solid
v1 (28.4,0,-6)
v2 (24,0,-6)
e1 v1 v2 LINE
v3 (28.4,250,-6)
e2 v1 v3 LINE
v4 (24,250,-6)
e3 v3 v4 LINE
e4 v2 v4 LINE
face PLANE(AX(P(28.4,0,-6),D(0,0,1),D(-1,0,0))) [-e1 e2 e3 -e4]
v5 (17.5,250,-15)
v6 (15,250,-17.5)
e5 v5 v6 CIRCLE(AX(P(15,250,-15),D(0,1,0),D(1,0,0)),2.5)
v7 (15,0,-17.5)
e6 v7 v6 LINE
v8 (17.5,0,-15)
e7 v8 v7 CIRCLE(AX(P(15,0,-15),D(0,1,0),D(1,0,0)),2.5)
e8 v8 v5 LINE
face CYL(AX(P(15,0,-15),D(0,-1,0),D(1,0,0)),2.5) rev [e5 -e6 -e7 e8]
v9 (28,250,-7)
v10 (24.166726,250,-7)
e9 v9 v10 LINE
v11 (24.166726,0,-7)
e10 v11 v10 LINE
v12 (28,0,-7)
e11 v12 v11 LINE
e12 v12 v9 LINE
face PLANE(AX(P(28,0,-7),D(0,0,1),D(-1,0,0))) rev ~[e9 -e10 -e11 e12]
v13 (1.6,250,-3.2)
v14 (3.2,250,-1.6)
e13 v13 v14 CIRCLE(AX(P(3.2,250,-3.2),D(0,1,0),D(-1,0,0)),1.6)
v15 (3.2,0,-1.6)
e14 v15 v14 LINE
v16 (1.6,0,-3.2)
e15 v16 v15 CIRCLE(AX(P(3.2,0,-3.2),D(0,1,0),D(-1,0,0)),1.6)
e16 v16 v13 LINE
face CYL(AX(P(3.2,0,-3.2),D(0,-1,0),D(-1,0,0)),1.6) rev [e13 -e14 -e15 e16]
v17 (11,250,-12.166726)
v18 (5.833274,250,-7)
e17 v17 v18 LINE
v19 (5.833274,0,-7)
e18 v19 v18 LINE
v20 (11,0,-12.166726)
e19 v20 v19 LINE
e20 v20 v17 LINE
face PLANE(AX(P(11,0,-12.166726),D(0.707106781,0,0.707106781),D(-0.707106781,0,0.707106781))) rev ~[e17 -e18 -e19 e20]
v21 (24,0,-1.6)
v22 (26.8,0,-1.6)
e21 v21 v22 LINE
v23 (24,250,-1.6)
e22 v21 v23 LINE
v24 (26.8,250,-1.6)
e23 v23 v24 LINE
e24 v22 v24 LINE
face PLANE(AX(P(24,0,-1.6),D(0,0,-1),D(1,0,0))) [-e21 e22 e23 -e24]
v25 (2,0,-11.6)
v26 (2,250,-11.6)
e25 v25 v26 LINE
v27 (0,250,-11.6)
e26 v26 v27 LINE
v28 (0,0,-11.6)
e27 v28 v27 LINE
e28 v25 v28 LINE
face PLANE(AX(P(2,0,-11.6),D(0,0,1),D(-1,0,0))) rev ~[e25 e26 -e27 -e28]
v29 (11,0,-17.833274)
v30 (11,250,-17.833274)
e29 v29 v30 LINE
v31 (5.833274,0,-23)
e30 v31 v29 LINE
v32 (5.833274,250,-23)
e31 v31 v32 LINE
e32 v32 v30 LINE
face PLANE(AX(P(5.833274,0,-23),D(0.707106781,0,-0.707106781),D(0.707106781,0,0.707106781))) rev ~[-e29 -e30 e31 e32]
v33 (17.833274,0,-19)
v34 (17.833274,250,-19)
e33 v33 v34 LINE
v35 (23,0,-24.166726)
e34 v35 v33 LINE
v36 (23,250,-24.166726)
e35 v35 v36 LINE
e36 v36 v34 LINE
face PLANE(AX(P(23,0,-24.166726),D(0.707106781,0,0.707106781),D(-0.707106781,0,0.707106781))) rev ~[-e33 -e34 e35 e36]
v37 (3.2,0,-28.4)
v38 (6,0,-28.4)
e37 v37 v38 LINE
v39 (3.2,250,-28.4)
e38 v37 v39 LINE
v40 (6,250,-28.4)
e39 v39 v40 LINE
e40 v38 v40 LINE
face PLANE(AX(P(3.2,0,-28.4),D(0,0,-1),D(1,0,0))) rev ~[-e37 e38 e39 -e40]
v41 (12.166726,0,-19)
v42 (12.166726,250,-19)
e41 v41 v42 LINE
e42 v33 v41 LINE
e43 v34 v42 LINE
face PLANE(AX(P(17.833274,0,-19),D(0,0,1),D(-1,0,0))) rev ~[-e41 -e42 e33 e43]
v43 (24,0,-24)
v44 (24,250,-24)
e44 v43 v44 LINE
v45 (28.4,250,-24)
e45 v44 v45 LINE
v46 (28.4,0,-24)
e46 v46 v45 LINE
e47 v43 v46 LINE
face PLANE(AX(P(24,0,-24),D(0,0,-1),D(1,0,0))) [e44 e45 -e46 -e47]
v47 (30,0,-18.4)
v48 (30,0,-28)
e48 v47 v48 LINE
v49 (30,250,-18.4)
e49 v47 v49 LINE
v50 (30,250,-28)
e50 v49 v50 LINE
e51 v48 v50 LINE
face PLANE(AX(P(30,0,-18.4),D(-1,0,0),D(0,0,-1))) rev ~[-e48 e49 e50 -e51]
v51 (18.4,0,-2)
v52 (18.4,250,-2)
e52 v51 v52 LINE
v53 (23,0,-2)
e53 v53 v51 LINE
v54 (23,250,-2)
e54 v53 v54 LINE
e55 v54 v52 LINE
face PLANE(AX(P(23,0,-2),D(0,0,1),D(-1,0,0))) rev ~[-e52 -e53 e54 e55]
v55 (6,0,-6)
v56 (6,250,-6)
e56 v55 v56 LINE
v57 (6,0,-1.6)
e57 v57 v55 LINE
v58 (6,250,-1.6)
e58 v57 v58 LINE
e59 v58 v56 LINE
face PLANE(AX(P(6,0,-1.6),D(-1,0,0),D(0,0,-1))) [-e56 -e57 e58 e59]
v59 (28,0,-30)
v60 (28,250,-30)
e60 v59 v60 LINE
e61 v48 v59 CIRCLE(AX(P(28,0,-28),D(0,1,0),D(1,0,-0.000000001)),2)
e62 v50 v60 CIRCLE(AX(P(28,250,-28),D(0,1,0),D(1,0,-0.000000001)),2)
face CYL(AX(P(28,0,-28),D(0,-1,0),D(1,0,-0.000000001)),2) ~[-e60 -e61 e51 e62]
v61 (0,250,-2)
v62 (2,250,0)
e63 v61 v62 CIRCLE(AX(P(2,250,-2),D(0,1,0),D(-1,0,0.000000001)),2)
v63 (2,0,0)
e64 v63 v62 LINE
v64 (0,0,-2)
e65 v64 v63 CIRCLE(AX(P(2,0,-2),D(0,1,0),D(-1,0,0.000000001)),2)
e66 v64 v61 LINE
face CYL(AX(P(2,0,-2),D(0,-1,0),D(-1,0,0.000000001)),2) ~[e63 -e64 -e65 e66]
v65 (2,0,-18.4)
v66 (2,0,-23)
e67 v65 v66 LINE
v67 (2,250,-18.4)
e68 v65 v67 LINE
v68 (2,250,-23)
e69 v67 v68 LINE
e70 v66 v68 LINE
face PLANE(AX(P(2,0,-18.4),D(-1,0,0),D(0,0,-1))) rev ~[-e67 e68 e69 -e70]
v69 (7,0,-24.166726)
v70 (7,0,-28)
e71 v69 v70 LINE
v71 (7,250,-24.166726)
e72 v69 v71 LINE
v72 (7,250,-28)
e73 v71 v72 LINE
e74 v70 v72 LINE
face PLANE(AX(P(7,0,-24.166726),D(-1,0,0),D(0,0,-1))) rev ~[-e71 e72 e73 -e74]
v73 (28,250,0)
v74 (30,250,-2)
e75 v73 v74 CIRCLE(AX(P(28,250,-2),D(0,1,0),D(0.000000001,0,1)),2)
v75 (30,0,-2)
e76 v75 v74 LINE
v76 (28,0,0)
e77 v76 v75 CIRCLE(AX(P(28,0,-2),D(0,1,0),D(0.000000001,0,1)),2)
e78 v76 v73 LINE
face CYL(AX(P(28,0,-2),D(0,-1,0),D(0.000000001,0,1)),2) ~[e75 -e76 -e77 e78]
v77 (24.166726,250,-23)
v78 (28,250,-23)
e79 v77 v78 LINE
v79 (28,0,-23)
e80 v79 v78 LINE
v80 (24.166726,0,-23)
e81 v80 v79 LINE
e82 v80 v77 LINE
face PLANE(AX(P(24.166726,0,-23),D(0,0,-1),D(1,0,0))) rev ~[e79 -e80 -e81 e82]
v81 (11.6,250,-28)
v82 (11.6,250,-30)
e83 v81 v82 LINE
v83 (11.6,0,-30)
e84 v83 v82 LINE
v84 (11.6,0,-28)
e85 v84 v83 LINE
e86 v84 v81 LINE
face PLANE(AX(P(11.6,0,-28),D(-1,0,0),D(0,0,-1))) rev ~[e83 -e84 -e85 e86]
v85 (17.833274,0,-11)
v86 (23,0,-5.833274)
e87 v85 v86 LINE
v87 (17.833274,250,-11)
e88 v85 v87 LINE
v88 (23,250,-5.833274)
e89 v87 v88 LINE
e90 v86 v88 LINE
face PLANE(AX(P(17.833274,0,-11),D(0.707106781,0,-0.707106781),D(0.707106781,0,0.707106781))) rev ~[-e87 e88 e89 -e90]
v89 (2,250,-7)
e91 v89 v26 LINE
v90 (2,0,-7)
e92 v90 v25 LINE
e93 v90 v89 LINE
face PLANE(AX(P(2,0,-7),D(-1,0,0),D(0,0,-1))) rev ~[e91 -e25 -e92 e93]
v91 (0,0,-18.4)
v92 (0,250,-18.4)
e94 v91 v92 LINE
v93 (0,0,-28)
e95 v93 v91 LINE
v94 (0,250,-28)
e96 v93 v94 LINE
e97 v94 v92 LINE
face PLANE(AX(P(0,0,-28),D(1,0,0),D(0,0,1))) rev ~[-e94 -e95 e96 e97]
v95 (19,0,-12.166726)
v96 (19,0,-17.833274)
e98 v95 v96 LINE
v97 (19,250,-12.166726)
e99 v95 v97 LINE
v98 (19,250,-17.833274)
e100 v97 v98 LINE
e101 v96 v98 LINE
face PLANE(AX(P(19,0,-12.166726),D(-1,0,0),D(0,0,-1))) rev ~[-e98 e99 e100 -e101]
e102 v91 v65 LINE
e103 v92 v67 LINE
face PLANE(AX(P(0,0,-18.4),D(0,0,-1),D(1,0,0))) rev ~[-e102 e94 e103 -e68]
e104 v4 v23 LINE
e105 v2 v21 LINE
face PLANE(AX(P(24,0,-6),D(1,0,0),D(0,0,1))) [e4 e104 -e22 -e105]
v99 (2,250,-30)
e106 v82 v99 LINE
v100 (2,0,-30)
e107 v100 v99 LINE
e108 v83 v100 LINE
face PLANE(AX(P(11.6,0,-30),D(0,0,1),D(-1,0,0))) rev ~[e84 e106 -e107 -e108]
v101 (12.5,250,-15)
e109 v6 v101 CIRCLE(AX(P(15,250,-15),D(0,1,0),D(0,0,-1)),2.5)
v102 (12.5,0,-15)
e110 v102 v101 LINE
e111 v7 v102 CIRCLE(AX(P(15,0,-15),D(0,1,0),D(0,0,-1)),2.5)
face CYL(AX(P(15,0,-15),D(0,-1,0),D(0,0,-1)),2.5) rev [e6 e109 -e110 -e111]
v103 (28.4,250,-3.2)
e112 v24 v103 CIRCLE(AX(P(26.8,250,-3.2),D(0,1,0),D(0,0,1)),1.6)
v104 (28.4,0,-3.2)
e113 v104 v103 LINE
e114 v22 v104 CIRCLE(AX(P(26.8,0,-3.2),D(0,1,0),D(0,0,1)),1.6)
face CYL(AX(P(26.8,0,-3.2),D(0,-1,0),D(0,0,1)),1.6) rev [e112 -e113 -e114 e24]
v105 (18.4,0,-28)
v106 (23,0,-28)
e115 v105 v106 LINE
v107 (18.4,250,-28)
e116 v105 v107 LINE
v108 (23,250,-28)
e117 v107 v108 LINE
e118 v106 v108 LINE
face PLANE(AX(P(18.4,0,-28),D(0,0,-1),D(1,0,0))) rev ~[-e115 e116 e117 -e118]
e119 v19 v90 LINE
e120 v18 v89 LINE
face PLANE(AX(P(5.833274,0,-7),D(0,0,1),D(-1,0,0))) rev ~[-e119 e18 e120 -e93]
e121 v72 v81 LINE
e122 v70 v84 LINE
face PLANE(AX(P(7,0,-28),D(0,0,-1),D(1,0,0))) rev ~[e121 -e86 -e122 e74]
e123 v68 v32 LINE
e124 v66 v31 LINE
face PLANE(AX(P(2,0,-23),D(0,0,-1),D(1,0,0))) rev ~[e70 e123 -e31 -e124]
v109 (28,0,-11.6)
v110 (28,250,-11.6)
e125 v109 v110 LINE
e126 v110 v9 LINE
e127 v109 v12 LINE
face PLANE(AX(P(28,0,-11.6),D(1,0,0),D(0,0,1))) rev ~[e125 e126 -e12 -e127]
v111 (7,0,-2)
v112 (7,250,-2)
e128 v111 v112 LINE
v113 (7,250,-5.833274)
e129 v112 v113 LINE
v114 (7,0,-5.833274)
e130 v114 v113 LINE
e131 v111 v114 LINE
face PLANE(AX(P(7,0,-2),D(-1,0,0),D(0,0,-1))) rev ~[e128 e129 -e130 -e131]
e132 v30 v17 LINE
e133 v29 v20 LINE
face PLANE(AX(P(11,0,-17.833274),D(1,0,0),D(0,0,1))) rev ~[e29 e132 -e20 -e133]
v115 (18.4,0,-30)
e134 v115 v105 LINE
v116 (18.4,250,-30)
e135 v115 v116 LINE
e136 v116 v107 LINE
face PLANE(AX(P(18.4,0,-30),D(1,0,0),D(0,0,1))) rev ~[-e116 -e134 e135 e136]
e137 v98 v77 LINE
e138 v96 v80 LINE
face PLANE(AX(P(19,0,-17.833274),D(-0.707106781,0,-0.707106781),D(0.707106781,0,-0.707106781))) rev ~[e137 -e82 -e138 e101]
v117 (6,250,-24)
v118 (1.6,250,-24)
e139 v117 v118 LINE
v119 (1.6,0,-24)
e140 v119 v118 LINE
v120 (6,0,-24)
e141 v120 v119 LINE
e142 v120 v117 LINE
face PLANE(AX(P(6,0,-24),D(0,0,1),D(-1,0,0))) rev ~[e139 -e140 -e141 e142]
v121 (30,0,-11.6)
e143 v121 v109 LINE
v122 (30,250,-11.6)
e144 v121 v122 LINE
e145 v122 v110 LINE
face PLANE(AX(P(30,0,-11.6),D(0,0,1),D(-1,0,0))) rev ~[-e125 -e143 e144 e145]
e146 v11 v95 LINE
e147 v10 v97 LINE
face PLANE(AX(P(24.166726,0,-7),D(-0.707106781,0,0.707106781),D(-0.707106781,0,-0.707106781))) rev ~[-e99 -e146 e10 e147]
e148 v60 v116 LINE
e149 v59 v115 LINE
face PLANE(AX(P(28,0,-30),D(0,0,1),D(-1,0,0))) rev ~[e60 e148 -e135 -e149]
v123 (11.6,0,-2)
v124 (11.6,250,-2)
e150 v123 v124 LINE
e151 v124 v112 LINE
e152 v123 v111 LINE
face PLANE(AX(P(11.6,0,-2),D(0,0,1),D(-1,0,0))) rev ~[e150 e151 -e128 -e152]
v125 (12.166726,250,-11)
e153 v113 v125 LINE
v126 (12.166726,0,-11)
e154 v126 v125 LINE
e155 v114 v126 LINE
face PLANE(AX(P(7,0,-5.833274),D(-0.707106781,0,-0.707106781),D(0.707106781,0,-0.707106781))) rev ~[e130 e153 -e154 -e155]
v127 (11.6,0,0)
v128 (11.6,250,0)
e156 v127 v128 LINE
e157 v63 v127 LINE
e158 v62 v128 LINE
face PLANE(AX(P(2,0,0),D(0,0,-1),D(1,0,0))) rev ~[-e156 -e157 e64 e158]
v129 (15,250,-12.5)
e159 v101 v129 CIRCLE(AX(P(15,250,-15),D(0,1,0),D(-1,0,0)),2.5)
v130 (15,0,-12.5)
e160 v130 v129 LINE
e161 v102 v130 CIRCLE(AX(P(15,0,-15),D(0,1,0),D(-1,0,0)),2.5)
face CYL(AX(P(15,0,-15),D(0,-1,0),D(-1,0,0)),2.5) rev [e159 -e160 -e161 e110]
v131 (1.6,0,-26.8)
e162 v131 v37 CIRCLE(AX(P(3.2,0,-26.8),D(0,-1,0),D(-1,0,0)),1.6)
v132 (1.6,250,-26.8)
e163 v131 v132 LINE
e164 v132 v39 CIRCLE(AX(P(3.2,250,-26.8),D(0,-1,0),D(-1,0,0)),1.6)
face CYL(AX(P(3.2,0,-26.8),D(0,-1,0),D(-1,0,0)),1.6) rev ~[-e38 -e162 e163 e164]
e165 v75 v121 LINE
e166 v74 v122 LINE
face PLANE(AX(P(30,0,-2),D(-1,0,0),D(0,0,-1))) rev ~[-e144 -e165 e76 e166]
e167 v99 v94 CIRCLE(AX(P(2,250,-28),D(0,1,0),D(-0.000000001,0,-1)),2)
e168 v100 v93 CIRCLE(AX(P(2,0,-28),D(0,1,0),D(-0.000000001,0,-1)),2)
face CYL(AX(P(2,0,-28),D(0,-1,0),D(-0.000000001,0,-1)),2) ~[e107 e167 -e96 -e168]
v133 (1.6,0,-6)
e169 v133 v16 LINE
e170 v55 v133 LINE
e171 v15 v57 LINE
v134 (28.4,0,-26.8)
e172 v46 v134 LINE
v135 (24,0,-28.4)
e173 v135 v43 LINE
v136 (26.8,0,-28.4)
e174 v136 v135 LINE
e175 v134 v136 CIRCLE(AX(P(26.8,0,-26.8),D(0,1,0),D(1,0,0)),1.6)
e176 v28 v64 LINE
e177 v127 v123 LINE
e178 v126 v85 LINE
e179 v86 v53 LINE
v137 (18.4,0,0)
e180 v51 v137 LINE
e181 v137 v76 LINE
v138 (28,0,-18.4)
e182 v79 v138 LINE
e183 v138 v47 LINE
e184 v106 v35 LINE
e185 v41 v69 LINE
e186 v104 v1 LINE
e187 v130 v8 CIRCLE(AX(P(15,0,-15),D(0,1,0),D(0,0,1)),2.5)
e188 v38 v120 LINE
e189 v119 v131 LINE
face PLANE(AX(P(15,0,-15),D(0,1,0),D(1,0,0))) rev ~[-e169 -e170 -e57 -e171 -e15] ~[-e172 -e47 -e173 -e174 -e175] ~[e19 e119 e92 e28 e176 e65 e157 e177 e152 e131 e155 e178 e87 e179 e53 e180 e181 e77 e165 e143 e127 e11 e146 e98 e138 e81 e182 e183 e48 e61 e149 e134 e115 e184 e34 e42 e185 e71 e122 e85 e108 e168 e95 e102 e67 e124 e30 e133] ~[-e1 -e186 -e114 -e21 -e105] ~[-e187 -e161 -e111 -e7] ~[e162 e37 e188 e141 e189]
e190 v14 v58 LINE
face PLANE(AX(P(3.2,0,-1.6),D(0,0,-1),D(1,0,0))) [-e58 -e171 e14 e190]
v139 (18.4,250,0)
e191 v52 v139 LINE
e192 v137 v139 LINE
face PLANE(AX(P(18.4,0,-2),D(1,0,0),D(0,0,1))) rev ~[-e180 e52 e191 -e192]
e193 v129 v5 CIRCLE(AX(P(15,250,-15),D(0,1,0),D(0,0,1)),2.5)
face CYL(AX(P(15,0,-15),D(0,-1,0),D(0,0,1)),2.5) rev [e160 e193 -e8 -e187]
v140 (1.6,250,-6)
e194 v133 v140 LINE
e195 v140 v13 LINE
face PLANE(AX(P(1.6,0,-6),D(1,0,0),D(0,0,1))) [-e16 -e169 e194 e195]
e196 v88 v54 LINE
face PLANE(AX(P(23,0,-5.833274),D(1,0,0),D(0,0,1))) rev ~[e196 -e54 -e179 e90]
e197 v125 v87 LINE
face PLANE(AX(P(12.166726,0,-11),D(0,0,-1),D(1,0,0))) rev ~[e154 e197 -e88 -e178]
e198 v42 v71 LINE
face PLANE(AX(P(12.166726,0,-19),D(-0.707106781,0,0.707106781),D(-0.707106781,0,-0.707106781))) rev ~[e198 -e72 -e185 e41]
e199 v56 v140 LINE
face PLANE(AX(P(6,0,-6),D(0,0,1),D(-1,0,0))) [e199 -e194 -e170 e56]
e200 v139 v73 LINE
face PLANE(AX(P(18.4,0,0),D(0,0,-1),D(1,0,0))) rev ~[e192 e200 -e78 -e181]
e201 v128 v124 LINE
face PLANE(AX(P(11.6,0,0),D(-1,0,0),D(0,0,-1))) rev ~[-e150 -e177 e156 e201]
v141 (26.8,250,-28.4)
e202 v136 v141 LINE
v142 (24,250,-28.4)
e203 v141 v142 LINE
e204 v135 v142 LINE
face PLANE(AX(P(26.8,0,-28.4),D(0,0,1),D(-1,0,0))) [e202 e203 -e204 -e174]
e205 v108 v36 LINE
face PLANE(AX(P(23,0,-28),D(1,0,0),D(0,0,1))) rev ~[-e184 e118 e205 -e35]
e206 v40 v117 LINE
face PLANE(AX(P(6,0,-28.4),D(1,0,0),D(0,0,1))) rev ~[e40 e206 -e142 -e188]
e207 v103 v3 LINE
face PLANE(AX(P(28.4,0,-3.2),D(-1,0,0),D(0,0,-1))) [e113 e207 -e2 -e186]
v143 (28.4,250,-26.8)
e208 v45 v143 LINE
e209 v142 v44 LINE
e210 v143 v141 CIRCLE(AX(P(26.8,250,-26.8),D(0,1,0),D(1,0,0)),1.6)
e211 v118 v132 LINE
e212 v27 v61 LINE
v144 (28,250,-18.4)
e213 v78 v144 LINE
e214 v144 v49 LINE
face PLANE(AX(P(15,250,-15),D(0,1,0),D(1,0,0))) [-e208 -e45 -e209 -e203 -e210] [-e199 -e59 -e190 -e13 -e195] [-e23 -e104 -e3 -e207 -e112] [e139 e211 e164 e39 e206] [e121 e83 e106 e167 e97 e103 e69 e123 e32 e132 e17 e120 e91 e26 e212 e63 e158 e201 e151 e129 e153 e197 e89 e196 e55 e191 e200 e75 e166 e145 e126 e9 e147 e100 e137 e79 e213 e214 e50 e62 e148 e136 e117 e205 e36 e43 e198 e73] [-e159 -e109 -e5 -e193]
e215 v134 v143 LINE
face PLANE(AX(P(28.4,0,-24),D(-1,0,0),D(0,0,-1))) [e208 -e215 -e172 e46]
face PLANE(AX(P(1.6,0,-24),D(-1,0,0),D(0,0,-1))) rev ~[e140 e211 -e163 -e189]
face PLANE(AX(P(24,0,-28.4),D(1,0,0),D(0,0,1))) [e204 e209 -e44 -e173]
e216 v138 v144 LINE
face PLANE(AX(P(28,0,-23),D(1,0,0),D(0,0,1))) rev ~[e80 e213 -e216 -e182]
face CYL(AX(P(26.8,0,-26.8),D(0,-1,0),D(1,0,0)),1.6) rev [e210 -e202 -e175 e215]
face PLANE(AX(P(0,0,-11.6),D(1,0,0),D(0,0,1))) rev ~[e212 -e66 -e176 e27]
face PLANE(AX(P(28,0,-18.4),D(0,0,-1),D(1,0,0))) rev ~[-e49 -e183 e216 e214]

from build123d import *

# Parameters (mm, degrees)
BOSS_EXTRUDE1_DEPTH = 250


with BuildPart() as part:
    # Sketch1 → Boss-Extrude1 (new body)
    with BuildSketch(Plane(origin=(0, 0, 0), x_dir=(1, 0, 0), z_dir=(0, 1, 0))):
        with BuildLine():
            Line((0, 28), (0, 18.4))
            Line((0, 18.4), (2, 18.4))
            Line((2, 18.4), (2, 23))
            Line((2, 23), (5.833273811, 23))
            Line((5.833273811, 23), (11, 17.833273811))
            Line((11, 17.833273811), (11, 15))
            Line((11, 15), (11, 12.166726189))
            Line((11, 12.166726189), (5.833273811, 7))
            Line((5.833273811, 7), (2, 7))
            Line((2, 7), (2, 11.6))
            Line((2, 11.6), (0, 11.6))
            Line((0, 11.6), (0, 2))
            ThreePointArc((0, 2), (0.585786438, 0.585786438), (2, 0))
            Line((2, 0), (11.6, 0))
            Line((11.6, 0), (11.6, 2))
            Line((11.6, 2), (7, 2))
            Line((7, 2), (7, 5.833273811))
            Line((7, 5.833273811), (12.166726189, 11))
            Line((12.166726189, 11), (15, 11))
            Line((15, 11), (17.833273811, 11))
            Line((17.833273811, 11), (23, 5.833273811))
            Line((23, 5.833273811), (23, 2))
            Line((23, 2), (18.4, 2))
            Line((18.4, 2), (18.4, 0))
            Line((18.4, 0), (28, 0))
            ThreePointArc((28, 0), (29.414213562, 0.585786438), (30, 2))
            Line((30, 2), (30, 11.6))
            Line((30, 11.6), (28, 11.6))
            Line((28, 11.6), (28, 7))
            Line((28, 7), (24.166726189, 7))
            Line((24.166726189, 7), (19, 12.166726189))
            Line((19, 12.166726189), (19, 15))
            Line((19, 15), (19, 17.833273811))
            Line((19, 17.833273811), (24.166726189, 23))
            Line((24.166726189, 23), (28, 23))
            Line((28, 23), (28, 18.4))
            Line((28, 18.4), (30, 18.4))
            Line((30, 18.4), (30, 28))
            ThreePointArc((30, 28), (29.414213562, 29.414213562), (28, 30))
            Line((28, 30), (18.4, 30))
            Line((18.4, 30), (18.4, 28))
            Line((18.4, 28), (23, 28))
            Line((23, 28), (23, 24.166726189))
            Line((23, 24.166726189), (17.833273811, 19))
            Line((17.833273811, 19), (15, 19))
            Line((15, 19), (12.166726189, 19))
            Line((12.166726189, 19), (7, 24.166726189))
            Line((7, 24.166726189), (7, 28))
            Line((7, 28), (11.6, 28))
            Line((11.6, 28), (11.6, 30))
            Line((11.6, 30), (2, 30))
            ThreePointArc((2, 30), (0.585786438, 29.414213562), (0, 28))
        make_face()
        with BuildLine():
            Line((6, 28.4), (6, 24))
            Line((6, 24), (1.6, 24))
            Line((1.6, 24), (1.6, 26.8))
            ThreePointArc((1.6, 26.8), (2.06862915, 27.93137085), (3.2, 28.4))
            Line((3.2, 28.4), (6, 28.4))
        make_face(mode=Mode.SUBTRACT)
        with BuildLine():
            Line((26.8, 28.4), (24, 28.4))
            Line((24, 28.4), (24, 24))
            Line((24, 24), (28.4, 24))
            Line((28.4, 24), (28.4, 26.8))
            ThreePointArc((28.4, 26.8), (27.93137085, 27.93137085), (26.8, 28.4))
        make_face(mode=Mode.SUBTRACT)
        with BuildLine():
            Line((28.4, 3.2), (28.4, 6))
            Line((28.4, 6), (24, 6))
            Line((24, 6), (24, 1.6))
            Line((24, 1.6), (26.8, 1.6))
            ThreePointArc((26.8, 1.6), (27.93137085, 2.06862915), (28.4, 3.2))
        make_face(mode=Mode.SUBTRACT)
        with BuildLine():
            Line((3.2, 1.6), (6, 1.6))
            Line((6, 1.6), (6, 6))
            Line((6, 6), (1.6, 6))
            Line((1.6, 6), (1.6, 3.2))
            ThreePointArc((1.6, 3.2), (2.06862915, 2.06862915), (3.2, 1.6))
        make_face(mode=Mode.SUBTRACT)
        with BuildLine():
            ThreePointArc((15, 17.5), (13.232233047, 16.767766953), (12.5, 15))
            ThreePointArc((12.5, 15), (13.232233047, 13.232233047), (15, 12.5))
            ThreePointArc((15, 12.5), (16.767766953, 13.232233047), (17.5, 15))
            ThreePointArc((17.5, 15), (16.767766953, 16.767766953), (15, 17.5))
        make_face(mode=Mode.SUBTRACT)
    extrude(amount=BOSS_EXTRUDE1_DEPTH)


solid = part.part
